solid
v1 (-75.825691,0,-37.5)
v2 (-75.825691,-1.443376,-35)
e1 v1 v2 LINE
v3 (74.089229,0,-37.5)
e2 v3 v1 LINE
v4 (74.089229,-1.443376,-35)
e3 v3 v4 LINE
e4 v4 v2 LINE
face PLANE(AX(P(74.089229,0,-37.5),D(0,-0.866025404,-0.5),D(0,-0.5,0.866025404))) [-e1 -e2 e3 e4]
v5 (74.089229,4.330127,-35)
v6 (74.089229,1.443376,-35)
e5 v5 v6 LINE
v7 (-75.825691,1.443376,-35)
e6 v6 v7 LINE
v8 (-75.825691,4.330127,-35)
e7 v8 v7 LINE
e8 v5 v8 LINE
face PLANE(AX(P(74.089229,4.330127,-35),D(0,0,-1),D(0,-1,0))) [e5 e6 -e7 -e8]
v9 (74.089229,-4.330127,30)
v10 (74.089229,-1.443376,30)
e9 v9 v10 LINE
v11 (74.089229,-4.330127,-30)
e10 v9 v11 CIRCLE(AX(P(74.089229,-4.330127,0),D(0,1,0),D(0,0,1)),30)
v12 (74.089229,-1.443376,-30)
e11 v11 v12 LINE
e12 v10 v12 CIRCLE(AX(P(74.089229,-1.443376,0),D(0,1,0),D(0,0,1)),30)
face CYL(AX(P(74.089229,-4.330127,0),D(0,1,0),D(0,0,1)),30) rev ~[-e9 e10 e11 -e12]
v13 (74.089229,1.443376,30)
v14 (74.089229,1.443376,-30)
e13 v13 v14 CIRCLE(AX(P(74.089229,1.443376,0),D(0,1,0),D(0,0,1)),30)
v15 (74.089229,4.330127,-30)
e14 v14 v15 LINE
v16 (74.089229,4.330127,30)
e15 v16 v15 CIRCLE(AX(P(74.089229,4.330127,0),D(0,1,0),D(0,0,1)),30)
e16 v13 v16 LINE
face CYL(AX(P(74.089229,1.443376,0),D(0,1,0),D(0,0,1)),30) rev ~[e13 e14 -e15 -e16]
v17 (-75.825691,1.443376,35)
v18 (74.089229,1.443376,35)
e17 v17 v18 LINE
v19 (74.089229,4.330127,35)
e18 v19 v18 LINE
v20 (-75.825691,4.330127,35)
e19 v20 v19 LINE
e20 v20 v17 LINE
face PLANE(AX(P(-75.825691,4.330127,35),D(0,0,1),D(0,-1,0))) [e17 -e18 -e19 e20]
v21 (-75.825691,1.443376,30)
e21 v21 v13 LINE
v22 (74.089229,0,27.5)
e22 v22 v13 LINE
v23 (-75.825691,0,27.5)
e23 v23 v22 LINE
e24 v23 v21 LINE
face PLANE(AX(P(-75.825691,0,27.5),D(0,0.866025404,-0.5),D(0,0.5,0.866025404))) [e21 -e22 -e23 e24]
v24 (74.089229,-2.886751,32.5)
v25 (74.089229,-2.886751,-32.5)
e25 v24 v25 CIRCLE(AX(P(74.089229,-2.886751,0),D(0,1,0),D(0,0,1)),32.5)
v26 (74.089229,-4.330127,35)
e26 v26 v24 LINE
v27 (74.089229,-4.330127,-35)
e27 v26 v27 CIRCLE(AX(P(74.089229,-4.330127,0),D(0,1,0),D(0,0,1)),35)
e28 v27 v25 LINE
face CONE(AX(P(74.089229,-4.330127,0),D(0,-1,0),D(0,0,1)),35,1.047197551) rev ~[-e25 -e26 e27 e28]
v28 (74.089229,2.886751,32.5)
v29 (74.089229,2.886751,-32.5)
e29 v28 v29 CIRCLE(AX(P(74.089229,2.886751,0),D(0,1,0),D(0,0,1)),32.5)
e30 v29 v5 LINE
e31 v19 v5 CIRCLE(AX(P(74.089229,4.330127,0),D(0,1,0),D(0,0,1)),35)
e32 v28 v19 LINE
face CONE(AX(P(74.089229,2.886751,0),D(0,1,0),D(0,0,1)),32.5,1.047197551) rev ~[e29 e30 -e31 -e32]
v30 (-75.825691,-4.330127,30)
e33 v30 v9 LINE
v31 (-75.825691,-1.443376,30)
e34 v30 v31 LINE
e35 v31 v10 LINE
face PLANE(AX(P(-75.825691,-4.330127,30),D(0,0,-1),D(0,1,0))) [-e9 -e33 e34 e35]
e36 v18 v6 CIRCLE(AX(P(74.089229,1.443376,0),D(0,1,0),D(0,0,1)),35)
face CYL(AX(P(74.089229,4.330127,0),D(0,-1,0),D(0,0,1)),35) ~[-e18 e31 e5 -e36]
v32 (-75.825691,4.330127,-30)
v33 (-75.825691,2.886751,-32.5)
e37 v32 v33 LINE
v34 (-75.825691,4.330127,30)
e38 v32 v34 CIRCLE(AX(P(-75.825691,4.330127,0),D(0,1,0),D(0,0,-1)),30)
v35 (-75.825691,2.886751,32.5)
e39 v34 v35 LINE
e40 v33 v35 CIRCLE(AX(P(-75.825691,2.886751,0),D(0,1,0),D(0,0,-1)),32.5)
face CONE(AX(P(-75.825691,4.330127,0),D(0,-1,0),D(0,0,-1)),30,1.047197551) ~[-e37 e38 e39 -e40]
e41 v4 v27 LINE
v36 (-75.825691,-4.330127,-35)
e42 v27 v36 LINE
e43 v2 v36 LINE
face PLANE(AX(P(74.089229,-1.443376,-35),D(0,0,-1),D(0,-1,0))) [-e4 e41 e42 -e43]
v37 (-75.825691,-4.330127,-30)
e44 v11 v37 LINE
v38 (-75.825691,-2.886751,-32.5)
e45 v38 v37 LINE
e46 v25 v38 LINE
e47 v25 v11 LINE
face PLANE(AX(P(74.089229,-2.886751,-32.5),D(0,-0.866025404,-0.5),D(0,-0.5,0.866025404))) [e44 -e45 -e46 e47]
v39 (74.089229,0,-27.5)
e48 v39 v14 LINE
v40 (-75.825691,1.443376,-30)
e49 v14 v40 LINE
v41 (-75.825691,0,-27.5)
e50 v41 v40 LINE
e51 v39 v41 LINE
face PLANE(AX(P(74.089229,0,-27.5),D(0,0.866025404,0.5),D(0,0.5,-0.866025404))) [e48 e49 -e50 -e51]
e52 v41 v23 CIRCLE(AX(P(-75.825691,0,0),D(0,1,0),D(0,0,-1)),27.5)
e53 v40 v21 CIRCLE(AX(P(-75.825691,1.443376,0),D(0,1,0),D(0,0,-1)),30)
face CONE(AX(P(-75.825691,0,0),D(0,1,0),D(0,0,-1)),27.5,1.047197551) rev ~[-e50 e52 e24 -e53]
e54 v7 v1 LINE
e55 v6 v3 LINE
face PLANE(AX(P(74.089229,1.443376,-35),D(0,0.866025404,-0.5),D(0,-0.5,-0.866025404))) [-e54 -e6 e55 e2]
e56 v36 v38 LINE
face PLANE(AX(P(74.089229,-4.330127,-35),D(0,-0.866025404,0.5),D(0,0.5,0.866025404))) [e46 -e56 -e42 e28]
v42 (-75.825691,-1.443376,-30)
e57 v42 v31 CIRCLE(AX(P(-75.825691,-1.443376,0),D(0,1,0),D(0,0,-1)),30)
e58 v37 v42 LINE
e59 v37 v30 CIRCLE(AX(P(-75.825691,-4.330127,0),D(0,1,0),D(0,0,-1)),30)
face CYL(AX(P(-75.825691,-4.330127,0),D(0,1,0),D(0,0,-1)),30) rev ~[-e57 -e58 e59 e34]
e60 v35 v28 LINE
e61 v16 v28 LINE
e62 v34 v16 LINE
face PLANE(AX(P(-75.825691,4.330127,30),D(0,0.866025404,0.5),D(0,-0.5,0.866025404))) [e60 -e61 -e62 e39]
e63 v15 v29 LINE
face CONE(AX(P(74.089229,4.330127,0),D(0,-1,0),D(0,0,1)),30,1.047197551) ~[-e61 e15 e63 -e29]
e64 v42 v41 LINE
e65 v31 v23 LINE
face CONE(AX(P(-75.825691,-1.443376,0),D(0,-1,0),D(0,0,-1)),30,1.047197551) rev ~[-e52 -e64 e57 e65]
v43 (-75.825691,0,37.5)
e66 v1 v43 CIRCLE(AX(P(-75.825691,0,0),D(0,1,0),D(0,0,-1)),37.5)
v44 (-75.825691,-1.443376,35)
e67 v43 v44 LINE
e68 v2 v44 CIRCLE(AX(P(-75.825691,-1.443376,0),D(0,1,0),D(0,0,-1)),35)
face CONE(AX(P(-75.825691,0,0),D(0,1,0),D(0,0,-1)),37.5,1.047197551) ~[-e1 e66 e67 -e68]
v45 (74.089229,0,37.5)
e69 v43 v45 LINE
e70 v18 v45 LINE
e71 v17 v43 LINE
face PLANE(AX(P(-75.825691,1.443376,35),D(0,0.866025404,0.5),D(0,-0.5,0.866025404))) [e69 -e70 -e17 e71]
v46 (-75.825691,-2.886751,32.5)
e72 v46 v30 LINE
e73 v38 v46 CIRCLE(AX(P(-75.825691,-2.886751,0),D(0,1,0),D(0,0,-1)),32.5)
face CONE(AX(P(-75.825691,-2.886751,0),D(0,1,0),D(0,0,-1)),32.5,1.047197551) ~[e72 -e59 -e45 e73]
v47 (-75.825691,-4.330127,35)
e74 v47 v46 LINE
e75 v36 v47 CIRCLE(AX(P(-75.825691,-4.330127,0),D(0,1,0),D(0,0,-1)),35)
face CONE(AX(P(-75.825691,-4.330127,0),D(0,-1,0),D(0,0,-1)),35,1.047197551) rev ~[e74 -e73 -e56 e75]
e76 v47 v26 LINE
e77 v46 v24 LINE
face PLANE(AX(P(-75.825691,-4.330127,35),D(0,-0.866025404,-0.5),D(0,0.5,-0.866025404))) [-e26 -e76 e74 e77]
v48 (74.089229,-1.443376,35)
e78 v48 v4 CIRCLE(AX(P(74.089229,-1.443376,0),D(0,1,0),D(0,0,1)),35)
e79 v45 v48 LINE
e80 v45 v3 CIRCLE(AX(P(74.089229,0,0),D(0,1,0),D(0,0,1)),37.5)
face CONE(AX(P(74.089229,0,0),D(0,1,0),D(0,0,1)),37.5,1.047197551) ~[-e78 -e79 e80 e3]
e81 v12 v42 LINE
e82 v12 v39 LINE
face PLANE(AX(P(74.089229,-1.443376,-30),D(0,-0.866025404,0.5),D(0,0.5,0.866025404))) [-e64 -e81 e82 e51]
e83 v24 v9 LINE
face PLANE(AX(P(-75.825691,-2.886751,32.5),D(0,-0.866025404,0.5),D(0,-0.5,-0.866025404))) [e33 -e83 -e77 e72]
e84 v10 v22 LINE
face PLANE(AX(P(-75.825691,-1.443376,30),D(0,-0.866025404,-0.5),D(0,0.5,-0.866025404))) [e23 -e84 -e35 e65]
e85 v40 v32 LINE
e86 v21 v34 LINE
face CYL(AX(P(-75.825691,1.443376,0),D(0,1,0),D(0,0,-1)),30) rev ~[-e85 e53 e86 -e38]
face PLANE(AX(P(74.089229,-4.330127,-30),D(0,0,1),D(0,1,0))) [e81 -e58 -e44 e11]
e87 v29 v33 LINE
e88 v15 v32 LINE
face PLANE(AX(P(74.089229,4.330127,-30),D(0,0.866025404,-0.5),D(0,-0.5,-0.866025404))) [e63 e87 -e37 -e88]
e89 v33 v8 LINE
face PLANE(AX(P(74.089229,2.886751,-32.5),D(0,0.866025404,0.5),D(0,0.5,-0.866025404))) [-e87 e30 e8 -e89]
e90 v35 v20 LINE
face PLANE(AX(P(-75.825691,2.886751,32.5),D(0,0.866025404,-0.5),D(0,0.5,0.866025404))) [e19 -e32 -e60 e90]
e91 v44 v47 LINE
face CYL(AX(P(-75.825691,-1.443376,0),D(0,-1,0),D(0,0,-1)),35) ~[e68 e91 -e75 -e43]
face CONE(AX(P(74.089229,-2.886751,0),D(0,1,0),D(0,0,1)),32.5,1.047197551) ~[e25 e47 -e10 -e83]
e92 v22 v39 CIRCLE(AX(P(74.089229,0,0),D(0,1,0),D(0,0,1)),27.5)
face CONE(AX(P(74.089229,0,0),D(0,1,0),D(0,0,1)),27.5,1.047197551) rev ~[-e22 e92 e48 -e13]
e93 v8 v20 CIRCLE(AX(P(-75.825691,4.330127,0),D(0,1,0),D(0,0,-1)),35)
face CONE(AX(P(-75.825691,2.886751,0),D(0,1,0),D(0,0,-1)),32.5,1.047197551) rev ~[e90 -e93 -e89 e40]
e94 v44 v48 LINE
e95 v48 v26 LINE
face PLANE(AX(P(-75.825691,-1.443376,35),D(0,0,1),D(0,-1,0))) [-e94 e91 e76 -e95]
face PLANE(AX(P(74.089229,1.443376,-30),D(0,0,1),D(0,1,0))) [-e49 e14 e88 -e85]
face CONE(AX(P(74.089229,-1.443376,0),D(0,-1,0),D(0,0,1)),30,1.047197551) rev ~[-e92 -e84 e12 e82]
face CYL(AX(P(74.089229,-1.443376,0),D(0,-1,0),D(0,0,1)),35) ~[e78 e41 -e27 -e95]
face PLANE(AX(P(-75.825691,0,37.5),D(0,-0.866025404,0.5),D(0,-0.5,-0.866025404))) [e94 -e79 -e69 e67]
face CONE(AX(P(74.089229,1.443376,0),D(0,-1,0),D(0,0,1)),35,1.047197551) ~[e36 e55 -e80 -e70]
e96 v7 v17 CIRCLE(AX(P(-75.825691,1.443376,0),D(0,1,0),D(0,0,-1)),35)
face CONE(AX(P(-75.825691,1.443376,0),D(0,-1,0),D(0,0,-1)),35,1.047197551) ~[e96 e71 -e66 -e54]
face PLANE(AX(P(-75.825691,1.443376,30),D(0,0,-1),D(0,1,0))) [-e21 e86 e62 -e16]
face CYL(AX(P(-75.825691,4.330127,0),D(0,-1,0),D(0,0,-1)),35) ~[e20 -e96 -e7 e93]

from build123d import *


with BuildPart() as f3:
    # F3: sweep along a path in F0
    with BuildLine(Plane.XZ) as f3_path:
        Line((-75.8256912231, 30), (74.0892291069, 30))
        ThreePointArc((74.0892291069, 30), (104.0892291069, 0), (74.0892291069, -30))
        Line((74.0892291069, -30), (-75.8256912231, -30))
        ThreePointArc((-75.8256912231, -30), (-105.8256912231, 0), (-75.8256912231, 30))
    # F2 (on plane+point) → F3 (sweep)
    with BuildSketch(Plane.YZ.offset(74.0892291069)):
        Polygon((1.443375673, 35), (2.8867513459, 32.5), (4.3301270189, 35), align=None)
        Polygon((-1.443375673, 35), (1.443375673, 35), (0, 37.5), align=None)
        Polygon((-4.3301270189, 35), (-2.8867513459, 32.5), (-1.443375673, 35), align=None)
        Polygon((-4.3301270189, 30), (-1.443375673, 30), (-2.8867513459, 32.5), align=None)
        Polygon((0, 27.5), (1.443375673, 30), (-1.443375673, 30), align=None)
        Polygon((1.443375673, 30), (4.3301270189, 30), (2.8867513459, 32.5), align=None)
        Polygon((-1.443375673, 30), (1.443375673, 30), (2.8867513459, 32.5), (1.443375673, 35), (-1.443375673, 35), (-2.8867513459, 32.5), align=None)
    sweep(path=f3_path.line)


solid = f3.part
